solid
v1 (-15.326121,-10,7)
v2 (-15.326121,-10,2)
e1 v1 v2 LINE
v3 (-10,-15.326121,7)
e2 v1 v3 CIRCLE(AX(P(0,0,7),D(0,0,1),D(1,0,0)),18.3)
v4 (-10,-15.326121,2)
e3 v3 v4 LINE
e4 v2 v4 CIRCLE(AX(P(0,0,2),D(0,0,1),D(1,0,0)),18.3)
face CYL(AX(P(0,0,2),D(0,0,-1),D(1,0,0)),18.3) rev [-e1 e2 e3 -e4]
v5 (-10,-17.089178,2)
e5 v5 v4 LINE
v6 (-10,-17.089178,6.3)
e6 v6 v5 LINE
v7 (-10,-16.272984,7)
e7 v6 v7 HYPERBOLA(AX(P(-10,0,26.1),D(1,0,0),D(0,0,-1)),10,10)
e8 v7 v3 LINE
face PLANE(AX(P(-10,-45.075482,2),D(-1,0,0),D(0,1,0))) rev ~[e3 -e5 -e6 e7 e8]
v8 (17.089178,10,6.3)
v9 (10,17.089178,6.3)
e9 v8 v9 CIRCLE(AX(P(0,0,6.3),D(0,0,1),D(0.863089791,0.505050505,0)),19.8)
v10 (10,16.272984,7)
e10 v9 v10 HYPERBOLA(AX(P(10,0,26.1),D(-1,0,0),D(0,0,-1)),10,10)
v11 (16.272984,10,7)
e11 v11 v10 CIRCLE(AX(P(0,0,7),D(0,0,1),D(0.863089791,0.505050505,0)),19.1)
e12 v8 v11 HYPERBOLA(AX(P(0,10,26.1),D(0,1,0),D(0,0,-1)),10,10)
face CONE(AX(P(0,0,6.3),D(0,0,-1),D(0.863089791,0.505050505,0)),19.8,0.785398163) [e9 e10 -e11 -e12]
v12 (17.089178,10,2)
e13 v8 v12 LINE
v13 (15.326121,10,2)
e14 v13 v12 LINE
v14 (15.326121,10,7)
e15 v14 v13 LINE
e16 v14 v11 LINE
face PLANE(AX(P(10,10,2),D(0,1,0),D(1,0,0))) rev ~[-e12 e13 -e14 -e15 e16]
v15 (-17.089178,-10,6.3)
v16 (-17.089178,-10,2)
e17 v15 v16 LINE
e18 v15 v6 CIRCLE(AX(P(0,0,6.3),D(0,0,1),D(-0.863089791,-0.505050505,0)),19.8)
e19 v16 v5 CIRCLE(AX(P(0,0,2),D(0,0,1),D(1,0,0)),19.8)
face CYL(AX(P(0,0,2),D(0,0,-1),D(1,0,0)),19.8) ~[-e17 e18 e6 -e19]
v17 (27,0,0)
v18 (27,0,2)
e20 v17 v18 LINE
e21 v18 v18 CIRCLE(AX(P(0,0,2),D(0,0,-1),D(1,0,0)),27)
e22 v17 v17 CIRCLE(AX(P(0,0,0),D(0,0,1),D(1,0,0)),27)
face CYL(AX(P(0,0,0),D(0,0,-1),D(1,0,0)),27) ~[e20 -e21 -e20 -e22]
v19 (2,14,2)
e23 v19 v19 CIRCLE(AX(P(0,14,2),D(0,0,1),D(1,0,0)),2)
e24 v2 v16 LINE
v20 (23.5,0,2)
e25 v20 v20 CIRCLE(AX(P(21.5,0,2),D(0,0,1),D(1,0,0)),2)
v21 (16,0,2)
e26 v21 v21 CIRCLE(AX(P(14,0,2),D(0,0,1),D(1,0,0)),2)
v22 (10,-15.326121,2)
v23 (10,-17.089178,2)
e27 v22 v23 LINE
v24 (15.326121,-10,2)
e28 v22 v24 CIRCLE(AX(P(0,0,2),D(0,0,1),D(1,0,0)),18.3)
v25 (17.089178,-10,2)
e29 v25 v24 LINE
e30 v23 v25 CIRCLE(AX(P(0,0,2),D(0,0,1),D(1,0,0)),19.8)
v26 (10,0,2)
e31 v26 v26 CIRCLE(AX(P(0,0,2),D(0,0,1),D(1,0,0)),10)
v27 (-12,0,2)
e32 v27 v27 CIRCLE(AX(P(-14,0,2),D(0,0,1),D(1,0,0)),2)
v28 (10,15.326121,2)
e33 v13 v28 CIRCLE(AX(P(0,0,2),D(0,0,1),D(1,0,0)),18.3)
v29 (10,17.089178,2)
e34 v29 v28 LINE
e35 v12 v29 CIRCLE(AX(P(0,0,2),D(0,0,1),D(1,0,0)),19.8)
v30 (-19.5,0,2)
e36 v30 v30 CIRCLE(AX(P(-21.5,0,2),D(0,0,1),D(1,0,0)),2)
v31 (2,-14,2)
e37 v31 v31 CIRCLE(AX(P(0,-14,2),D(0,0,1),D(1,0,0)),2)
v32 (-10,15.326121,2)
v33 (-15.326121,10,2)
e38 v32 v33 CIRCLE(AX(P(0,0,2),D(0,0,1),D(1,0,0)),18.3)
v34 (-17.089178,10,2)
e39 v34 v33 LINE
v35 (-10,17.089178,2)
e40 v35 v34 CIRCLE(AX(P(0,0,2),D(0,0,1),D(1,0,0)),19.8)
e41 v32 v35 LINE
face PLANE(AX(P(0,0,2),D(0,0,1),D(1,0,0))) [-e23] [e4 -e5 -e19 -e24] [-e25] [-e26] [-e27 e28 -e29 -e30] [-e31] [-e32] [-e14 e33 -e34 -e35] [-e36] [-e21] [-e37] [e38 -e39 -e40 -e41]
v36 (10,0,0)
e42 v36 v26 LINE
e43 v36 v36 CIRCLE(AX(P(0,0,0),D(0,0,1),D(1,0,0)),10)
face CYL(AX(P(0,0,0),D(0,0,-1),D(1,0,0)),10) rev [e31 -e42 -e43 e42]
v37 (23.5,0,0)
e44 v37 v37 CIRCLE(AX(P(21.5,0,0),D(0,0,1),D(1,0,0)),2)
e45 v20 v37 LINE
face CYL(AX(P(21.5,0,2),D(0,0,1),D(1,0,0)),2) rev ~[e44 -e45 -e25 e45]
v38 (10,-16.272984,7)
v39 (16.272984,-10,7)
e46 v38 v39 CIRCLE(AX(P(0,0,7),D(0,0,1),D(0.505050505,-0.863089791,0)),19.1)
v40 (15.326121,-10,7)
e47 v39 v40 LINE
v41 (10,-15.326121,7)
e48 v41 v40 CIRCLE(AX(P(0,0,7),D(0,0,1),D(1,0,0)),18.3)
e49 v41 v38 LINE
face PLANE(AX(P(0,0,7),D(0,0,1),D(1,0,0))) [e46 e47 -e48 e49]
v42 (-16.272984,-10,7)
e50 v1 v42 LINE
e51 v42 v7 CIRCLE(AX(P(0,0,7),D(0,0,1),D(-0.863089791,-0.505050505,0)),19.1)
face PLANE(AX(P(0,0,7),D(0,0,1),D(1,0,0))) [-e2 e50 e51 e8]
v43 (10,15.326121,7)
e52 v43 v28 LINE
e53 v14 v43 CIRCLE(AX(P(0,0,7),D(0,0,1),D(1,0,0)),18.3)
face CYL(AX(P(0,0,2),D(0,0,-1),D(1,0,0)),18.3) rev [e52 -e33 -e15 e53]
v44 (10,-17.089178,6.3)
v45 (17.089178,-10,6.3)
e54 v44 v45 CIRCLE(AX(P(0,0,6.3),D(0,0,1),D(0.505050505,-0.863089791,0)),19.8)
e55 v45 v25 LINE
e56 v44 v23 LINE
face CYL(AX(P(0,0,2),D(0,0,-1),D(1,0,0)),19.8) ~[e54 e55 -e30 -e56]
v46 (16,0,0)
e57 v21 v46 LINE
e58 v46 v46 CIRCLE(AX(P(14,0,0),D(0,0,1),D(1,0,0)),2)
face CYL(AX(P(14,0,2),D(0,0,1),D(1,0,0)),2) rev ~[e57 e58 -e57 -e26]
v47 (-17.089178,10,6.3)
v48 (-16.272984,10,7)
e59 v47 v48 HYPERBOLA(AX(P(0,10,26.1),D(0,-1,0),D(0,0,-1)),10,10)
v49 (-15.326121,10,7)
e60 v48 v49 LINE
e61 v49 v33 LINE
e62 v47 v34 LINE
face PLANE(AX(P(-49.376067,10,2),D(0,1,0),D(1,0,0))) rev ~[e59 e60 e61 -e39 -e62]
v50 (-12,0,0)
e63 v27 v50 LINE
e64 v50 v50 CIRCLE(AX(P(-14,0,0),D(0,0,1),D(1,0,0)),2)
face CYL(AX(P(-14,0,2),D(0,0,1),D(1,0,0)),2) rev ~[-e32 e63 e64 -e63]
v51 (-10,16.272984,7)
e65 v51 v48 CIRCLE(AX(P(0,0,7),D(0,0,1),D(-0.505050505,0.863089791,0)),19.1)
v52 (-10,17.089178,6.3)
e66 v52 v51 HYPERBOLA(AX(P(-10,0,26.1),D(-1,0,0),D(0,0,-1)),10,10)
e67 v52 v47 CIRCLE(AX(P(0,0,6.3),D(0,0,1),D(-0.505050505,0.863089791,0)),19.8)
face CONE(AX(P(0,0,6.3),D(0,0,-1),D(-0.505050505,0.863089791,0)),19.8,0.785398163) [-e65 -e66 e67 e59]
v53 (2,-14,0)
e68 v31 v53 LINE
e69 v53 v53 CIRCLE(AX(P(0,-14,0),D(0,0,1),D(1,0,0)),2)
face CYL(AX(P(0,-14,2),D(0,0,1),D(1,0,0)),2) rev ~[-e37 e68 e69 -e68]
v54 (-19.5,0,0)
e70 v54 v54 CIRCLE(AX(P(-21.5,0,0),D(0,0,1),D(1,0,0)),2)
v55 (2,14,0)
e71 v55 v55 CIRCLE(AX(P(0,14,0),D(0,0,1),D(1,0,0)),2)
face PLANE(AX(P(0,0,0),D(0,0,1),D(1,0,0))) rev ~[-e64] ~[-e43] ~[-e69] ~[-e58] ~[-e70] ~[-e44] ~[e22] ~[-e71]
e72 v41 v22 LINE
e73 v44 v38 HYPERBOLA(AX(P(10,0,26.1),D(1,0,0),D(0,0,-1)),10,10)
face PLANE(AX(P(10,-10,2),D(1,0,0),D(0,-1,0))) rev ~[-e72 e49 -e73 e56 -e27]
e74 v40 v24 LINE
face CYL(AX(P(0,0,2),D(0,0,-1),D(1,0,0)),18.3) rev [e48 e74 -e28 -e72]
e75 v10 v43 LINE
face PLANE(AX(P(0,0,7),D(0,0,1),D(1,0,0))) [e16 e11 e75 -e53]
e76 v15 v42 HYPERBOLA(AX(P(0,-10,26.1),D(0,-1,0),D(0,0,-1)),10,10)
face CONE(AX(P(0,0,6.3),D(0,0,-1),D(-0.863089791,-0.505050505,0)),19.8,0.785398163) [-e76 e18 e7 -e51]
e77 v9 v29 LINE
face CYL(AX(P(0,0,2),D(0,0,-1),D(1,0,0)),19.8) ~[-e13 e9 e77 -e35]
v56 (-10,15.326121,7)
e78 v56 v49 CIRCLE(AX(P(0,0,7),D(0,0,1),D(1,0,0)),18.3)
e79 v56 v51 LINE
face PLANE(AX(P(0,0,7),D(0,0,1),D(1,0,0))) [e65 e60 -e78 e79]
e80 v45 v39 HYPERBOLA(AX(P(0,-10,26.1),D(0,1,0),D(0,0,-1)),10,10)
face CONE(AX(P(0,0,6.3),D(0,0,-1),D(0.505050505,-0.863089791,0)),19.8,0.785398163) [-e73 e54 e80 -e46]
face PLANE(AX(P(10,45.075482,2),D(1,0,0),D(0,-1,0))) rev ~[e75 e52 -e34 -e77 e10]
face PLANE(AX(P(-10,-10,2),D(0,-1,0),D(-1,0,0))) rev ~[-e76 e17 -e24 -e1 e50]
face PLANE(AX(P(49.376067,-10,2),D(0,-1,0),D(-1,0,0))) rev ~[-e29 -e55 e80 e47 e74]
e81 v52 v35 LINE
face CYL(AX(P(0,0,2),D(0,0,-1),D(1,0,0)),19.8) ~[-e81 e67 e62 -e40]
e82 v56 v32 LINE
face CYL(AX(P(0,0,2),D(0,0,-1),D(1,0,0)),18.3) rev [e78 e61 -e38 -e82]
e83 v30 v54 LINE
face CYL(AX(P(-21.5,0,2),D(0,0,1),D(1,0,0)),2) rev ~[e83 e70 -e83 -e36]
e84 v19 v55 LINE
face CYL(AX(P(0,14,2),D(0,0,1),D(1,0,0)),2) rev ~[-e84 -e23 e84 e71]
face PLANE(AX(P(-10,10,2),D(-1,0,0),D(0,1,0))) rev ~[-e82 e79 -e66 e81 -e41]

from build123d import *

# Parameters (mm, degrees)
SKETCH_R        = 27
SKETCH_R_2      = 10
PAD_DEPTH       = 2
SKETCH001_R     = 2
POCKET_DEPTH    = 2.001
SKETCH002_R     = 19.8
SKETCH002_R_2   = 18.3
PAD001_DEPTH    = 5
POCKET001_DEPTH = 5
SKETCH004_R     = 2
POCKET002_DEPTH = 2.001
CHAMFER_SIZE    = 0.7


with BuildPart() as part:
    # Sketch → Pad (new body)
    with BuildSketch(Plane.XY):
        Circle(SKETCH_R)
        Circle(SKETCH_R_2, mode=Mode.SUBTRACT)
    extrude(amount=PAD_DEPTH)

    # Sketch001 (on Face4 of Pad) → Pocket (cut, through all)
    with BuildSketch(Plane.XY.offset(2)):
        with Locations((0, 14)):
            Circle(SKETCH001_R)
        with Locations((14, 0)):
            Circle(SKETCH001_R)
        with Locations((0, -14)):
            Circle(SKETCH001_R)
        with Locations((-14, 0)):
            Circle(SKETCH001_R)
    extrude(amount=-POCKET_DEPTH, mode=Mode.SUBTRACT)

    # Sketch002 (on Face3 of Pocket) → Pad001 (join)
    with BuildSketch(Plane.XY.offset(2)):
        Circle(SKETCH002_R)
        Circle(SKETCH002_R_2, mode=Mode.SUBTRACT)
    extrude(amount=PAD001_DEPTH)

    # Sketch003 (on Face3 of Pad001) → Pocket001 (cut)
    with BuildSketch(Plane.XY.offset(2)):
        Polygon((-49.376067, 10), (-10, 10), (-10, 45.075482), (10, 45.075482), (10, 10), (49.376067, 10), (49.376067, -10), (10, -10), (10, -45.075482), (-10, -45.075482), (-10, -10), (-49.376067, -10), align=None)
    extrude(amount=POCKET001_DEPTH, mode=Mode.SUBTRACT)

    # Sketch004 (on Face24 of Pocket001) → Pocket002 (cut, through all)
    with BuildSketch(Plane.XY.offset(2)):
        with Locations((-21.5, 0)):
            Circle(SKETCH004_R)
        with Locations((21.5, 0)):
            Circle(SKETCH004_R)
    extrude(amount=-POCKET002_DEPTH, mode=Mode.SUBTRACT)

    # Chamfer
    chamfer_edges = [part.edges().sort_by_distance(p)[0] for p in [
        (14.000714, -14.000714, 7),
        (-14.000714, -14.000714, 7),
        (-14.000714, 14.000714, 7),
        (14.000714, 14.000714, 7),
    ]]
    chamfer(chamfer_edges, length=CHAMFER_SIZE)


solid = part.part
